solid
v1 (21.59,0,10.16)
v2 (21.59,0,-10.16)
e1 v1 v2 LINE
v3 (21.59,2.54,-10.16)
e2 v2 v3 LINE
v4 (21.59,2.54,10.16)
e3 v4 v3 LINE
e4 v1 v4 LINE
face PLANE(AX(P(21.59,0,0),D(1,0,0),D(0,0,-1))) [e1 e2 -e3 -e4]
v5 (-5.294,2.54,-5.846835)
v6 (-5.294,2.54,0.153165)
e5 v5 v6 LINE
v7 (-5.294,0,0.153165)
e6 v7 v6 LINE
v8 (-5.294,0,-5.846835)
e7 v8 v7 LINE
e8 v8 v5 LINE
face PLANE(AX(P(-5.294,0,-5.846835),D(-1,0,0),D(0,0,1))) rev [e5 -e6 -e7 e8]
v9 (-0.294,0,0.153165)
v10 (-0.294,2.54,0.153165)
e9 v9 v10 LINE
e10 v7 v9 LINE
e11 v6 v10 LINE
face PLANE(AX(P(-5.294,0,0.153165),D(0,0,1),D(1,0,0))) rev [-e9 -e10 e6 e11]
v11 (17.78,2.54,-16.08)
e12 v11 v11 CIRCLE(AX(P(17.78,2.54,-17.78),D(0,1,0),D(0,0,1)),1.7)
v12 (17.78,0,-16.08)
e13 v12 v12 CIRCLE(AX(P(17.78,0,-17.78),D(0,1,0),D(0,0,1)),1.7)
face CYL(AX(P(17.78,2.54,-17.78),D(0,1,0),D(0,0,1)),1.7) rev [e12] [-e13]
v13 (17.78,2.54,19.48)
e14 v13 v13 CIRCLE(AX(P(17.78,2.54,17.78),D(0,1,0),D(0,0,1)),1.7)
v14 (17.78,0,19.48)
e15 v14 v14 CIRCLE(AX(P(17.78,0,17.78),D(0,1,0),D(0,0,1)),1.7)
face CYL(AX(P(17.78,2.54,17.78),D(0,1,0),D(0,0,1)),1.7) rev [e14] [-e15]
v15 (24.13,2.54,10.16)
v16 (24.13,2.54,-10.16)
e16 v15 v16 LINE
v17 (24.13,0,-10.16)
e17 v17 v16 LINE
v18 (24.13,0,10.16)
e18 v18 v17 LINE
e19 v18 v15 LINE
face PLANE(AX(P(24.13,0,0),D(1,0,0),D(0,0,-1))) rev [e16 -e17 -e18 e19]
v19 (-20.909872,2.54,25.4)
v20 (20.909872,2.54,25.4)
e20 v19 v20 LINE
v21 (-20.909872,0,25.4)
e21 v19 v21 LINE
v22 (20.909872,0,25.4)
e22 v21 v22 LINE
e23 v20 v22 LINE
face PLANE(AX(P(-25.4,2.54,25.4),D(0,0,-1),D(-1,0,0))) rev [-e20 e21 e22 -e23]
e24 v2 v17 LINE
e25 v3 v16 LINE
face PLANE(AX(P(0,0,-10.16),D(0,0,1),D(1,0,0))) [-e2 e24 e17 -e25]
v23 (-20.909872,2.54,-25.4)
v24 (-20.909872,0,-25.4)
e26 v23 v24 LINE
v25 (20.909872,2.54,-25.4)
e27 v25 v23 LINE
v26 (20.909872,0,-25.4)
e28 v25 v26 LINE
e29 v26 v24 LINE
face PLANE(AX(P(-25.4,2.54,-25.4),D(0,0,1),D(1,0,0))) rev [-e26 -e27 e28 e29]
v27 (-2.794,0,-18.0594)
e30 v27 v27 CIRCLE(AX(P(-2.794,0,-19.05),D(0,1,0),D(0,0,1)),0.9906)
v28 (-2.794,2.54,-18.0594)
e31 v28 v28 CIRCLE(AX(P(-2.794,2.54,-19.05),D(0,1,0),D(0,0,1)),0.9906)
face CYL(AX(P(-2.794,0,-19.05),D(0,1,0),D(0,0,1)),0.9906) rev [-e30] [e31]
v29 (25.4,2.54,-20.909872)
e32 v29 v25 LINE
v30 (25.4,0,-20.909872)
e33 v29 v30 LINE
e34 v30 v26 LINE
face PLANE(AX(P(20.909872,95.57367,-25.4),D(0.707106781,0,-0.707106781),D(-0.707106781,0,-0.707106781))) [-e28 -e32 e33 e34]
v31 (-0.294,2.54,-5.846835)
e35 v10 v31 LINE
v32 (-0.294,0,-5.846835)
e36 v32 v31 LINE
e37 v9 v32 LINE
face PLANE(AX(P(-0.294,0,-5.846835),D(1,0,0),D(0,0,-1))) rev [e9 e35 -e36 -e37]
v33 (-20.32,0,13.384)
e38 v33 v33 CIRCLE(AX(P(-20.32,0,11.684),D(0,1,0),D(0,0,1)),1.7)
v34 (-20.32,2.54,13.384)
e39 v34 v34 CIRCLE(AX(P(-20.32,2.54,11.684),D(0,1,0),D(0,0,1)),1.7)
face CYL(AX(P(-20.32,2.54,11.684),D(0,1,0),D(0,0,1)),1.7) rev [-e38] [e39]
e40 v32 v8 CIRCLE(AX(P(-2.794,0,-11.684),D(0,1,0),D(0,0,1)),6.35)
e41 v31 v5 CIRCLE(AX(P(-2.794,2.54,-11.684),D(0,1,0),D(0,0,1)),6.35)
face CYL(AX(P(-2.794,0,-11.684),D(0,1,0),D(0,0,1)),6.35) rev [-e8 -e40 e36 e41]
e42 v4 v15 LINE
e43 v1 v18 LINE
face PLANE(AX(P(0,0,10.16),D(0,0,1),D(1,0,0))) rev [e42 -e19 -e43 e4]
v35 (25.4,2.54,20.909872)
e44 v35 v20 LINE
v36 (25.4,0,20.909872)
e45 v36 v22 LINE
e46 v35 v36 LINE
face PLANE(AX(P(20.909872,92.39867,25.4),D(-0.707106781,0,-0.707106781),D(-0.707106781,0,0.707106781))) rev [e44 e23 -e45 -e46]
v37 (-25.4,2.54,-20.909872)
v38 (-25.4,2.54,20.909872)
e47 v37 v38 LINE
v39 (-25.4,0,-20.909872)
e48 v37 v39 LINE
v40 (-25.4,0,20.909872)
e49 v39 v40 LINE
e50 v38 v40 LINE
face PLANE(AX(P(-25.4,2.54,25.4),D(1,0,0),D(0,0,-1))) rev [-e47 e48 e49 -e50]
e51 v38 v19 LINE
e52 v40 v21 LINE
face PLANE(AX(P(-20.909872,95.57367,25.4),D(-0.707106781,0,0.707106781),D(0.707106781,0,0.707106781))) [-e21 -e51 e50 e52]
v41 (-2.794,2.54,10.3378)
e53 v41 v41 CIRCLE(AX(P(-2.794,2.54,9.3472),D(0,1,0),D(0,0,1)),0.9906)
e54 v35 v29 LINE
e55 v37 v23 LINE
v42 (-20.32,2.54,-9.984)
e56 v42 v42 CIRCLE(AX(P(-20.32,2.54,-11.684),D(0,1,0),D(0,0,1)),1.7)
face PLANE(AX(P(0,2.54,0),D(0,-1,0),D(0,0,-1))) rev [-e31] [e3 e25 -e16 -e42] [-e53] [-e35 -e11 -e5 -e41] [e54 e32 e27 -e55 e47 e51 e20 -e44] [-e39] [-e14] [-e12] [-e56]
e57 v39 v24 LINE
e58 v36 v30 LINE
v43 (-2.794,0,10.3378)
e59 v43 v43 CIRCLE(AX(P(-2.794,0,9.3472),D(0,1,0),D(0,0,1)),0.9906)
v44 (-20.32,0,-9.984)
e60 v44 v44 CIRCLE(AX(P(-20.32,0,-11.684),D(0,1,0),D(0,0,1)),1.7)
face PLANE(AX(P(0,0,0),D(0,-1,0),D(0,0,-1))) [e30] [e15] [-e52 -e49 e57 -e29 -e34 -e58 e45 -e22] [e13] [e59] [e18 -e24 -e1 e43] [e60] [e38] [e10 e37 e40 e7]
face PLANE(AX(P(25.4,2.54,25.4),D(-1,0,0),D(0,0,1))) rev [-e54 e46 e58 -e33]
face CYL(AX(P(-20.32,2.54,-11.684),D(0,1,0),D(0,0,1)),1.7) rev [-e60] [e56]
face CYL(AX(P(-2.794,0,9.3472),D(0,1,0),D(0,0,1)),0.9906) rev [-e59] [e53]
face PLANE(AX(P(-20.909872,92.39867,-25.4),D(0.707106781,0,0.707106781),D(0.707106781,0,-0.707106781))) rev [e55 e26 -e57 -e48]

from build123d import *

# Parameters (mm, degrees)
SKETCH1_W                       = 50.8
SKETCH1_H                       = 50.8
BOSS_EXTRUDE1_DEPTH             = 2.54
HOLES_FOR_ARMS_D                = 3.4
HOLES_FOR_STRUCTURE_D           = 3.4
CORNERS_START                   = -2.54
CORNERS_DEPTH                   = 39.550715072
MIRROR_START                    = -2.54
MIRROR_OF_CORNER_2_COPY_1_DEPTH = 39.550715072
SKETCH16_W                      = 2.54
SKETCH16_H                      = 2.54
CUT_EXTRUDE1_DEPTH              = 2.54
SKETCH17_R                      = 1.905
BOSS_EXTRUDE4_DEPTH             = 2.54
SKETCH17_6_R                    = 1.905
CUT_EXTRUDE2_DEPTH              = 37.010715072
SKETCH18_R                      = 0.9906
CUT_EXTRUDE3_DEPTH              = 2.54
SKETCH19_W                      = 2.54
SKETCH19_H                      = 15.24
CUT_EXTRUDE4_DEPTH              = 37.010715072


with BuildPart() as part:
    # Sketch1 → Boss-Extrude1 (new body)
    with BuildSketch(Plane(origin=(0, 0, 0), x_dir=(1, 0, 0), z_dir=(0, 1, 0))):
        Rectangle(SKETCH1_W, SKETCH1_H)
    extrude(amount=BOSS_EXTRUDE1_DEPTH)

    # holes for arms (through all)
    with Locations(Plane(origin=(0, 2.54, 0), x_dir=(1, 0, 0), z_dir=(0, 1, 0))):
        with Locations((-20.32, -11.684), (-20.32, 11.684)):
            Hole(HOLES_FOR_ARMS_D / 2)

    # holes for structure (through all)
    with Locations(Plane(origin=(0, 2.54, 0), x_dir=(1, 0, 0), z_dir=(0, 1, 0))):
        with Locations((17.78, -17.78), (17.78, 17.78)):
            Hole(HOLES_FOR_STRUCTURE_D / 2)

    # Sketch12 → corners (cut)
    with BuildSketch(Plane(origin=(0, 2.54, 0), x_dir=(1, 0, 0), z_dir=(0, 1, 0)).offset(CORNERS_START)):
        Polygon((-25.4, -25.4), (-20.909871939, -25.4), (-25.4, -20.909871939), align=None)
    corners = extrude(amount=CORNERS_DEPTH, mode=Mode.SUBTRACT)

    # mirror of corner: corners across plane
    add(corners.mirror(Plane.ZY), mode=Mode.SUBTRACT)

    # mirror of corner 2: corners across plane
    add(corners.mirror(Plane(origin=(0, 0, 0), x_dir=(1, 0, 0), z_dir=(0, 0, -1))), mode=Mode.SUBTRACT)

    # mirror of corner 2 copy 1 sketch → mirror of corner 2 copy 1 (cut)
    with BuildSketch(Plane(origin=(0, 2.54, 0), x_dir=(-1, 0, 0), z_dir=(0, 1, 0)).offset(MIRROR_START)):
        Polygon((-25.4, -25.4), (-20.909871939, -25.4), (-25.4, -20.909871939), align=None)
    extrude(amount=MIRROR_OF_CORNER_2_COPY_1_DEPTH, mode=Mode.SUBTRACT)

    # Sketch16 → Cut-Extrude1 (cut)
    with BuildSketch(Plane(origin=(0, 2.54, 0), x_dir=(1, 0, 0), z_dir=(0, 1, 0))):
        with Locations((22.86, -8.89)):
            Rectangle(SKETCH16_W, SKETCH16_H)
        with Locations((22.86, 8.89)):
            Rectangle(SKETCH16_W, SKETCH16_H)
    extrude(amount=-CUT_EXTRUDE1_DEPTH, mode=Mode.SUBTRACT)

    # Sketch17 → Boss-Extrude4 (add, through all)
    with BuildSketch(Plane(origin=(0, 2.54, 0), x_dir=(1, 0, 0), z_dir=(0, 1, 0))):
        with Locations((-2.794, 11.684)):
            Circle(SKETCH17_R)
    extrude(amount=-BOSS_EXTRUDE4_DEPTH)

    # Sketch17<6> → Cut-Extrude2 (cut, through all)
    with BuildSketch(Plane(origin=(0, 2.54, 0), x_dir=(1, 0, 0), z_dir=(0, 1, 0))):
        with Locations(Location((-2.794, 11.684, 0), (0, 0, 270))):
            Circle(SKETCH17_6_R)
    extrude(amount=-CUT_EXTRUDE2_DEPTH, mode=Mode.SUBTRACT)

    # Sketch18 → Cut-Extrude3 (cut)
    with BuildSketch(Plane(origin=(0, 2.54, 0), x_dir=(1, 0, 0), z_dir=(0, 1, 0))):
        with Locations(Location((-2.794, 19.05, 0), (0, 0, 270))):
            Circle(SKETCH18_R)
        with Locations(Location((-2.794, -9.3472, 0), (0, 0, 270))):
            Circle(SKETCH18_R)
        with BuildLine():
            Line((-5.294, 5.846834592), (-5.294, -0.153165408))
            Line((-5.294, -0.153165408), (-0.294, -0.153165408))
            Line((-0.294, -0.153165408), (-0.294, 5.846834592))
            ThreePointArc((-0.294, 5.846834592), (-2.794, 18.034), (-5.294, 5.846834592))
        make_face()
    extrude(amount=-CUT_EXTRUDE3_DEPTH, mode=Mode.SUBTRACT)

    # Sketch19 → Cut-Extrude4 (cut, through all)
    with BuildSketch(Plane(origin=(0, 2.54, 0), x_dir=(1, 0, 0), z_dir=(0, 1, 0))):
        with Locations((22.86, 0)):
            Rectangle(SKETCH19_W, SKETCH19_H)
    extrude(amount=-CUT_EXTRUDE4_DEPTH, mode=Mode.SUBTRACT)


solid = part.part
